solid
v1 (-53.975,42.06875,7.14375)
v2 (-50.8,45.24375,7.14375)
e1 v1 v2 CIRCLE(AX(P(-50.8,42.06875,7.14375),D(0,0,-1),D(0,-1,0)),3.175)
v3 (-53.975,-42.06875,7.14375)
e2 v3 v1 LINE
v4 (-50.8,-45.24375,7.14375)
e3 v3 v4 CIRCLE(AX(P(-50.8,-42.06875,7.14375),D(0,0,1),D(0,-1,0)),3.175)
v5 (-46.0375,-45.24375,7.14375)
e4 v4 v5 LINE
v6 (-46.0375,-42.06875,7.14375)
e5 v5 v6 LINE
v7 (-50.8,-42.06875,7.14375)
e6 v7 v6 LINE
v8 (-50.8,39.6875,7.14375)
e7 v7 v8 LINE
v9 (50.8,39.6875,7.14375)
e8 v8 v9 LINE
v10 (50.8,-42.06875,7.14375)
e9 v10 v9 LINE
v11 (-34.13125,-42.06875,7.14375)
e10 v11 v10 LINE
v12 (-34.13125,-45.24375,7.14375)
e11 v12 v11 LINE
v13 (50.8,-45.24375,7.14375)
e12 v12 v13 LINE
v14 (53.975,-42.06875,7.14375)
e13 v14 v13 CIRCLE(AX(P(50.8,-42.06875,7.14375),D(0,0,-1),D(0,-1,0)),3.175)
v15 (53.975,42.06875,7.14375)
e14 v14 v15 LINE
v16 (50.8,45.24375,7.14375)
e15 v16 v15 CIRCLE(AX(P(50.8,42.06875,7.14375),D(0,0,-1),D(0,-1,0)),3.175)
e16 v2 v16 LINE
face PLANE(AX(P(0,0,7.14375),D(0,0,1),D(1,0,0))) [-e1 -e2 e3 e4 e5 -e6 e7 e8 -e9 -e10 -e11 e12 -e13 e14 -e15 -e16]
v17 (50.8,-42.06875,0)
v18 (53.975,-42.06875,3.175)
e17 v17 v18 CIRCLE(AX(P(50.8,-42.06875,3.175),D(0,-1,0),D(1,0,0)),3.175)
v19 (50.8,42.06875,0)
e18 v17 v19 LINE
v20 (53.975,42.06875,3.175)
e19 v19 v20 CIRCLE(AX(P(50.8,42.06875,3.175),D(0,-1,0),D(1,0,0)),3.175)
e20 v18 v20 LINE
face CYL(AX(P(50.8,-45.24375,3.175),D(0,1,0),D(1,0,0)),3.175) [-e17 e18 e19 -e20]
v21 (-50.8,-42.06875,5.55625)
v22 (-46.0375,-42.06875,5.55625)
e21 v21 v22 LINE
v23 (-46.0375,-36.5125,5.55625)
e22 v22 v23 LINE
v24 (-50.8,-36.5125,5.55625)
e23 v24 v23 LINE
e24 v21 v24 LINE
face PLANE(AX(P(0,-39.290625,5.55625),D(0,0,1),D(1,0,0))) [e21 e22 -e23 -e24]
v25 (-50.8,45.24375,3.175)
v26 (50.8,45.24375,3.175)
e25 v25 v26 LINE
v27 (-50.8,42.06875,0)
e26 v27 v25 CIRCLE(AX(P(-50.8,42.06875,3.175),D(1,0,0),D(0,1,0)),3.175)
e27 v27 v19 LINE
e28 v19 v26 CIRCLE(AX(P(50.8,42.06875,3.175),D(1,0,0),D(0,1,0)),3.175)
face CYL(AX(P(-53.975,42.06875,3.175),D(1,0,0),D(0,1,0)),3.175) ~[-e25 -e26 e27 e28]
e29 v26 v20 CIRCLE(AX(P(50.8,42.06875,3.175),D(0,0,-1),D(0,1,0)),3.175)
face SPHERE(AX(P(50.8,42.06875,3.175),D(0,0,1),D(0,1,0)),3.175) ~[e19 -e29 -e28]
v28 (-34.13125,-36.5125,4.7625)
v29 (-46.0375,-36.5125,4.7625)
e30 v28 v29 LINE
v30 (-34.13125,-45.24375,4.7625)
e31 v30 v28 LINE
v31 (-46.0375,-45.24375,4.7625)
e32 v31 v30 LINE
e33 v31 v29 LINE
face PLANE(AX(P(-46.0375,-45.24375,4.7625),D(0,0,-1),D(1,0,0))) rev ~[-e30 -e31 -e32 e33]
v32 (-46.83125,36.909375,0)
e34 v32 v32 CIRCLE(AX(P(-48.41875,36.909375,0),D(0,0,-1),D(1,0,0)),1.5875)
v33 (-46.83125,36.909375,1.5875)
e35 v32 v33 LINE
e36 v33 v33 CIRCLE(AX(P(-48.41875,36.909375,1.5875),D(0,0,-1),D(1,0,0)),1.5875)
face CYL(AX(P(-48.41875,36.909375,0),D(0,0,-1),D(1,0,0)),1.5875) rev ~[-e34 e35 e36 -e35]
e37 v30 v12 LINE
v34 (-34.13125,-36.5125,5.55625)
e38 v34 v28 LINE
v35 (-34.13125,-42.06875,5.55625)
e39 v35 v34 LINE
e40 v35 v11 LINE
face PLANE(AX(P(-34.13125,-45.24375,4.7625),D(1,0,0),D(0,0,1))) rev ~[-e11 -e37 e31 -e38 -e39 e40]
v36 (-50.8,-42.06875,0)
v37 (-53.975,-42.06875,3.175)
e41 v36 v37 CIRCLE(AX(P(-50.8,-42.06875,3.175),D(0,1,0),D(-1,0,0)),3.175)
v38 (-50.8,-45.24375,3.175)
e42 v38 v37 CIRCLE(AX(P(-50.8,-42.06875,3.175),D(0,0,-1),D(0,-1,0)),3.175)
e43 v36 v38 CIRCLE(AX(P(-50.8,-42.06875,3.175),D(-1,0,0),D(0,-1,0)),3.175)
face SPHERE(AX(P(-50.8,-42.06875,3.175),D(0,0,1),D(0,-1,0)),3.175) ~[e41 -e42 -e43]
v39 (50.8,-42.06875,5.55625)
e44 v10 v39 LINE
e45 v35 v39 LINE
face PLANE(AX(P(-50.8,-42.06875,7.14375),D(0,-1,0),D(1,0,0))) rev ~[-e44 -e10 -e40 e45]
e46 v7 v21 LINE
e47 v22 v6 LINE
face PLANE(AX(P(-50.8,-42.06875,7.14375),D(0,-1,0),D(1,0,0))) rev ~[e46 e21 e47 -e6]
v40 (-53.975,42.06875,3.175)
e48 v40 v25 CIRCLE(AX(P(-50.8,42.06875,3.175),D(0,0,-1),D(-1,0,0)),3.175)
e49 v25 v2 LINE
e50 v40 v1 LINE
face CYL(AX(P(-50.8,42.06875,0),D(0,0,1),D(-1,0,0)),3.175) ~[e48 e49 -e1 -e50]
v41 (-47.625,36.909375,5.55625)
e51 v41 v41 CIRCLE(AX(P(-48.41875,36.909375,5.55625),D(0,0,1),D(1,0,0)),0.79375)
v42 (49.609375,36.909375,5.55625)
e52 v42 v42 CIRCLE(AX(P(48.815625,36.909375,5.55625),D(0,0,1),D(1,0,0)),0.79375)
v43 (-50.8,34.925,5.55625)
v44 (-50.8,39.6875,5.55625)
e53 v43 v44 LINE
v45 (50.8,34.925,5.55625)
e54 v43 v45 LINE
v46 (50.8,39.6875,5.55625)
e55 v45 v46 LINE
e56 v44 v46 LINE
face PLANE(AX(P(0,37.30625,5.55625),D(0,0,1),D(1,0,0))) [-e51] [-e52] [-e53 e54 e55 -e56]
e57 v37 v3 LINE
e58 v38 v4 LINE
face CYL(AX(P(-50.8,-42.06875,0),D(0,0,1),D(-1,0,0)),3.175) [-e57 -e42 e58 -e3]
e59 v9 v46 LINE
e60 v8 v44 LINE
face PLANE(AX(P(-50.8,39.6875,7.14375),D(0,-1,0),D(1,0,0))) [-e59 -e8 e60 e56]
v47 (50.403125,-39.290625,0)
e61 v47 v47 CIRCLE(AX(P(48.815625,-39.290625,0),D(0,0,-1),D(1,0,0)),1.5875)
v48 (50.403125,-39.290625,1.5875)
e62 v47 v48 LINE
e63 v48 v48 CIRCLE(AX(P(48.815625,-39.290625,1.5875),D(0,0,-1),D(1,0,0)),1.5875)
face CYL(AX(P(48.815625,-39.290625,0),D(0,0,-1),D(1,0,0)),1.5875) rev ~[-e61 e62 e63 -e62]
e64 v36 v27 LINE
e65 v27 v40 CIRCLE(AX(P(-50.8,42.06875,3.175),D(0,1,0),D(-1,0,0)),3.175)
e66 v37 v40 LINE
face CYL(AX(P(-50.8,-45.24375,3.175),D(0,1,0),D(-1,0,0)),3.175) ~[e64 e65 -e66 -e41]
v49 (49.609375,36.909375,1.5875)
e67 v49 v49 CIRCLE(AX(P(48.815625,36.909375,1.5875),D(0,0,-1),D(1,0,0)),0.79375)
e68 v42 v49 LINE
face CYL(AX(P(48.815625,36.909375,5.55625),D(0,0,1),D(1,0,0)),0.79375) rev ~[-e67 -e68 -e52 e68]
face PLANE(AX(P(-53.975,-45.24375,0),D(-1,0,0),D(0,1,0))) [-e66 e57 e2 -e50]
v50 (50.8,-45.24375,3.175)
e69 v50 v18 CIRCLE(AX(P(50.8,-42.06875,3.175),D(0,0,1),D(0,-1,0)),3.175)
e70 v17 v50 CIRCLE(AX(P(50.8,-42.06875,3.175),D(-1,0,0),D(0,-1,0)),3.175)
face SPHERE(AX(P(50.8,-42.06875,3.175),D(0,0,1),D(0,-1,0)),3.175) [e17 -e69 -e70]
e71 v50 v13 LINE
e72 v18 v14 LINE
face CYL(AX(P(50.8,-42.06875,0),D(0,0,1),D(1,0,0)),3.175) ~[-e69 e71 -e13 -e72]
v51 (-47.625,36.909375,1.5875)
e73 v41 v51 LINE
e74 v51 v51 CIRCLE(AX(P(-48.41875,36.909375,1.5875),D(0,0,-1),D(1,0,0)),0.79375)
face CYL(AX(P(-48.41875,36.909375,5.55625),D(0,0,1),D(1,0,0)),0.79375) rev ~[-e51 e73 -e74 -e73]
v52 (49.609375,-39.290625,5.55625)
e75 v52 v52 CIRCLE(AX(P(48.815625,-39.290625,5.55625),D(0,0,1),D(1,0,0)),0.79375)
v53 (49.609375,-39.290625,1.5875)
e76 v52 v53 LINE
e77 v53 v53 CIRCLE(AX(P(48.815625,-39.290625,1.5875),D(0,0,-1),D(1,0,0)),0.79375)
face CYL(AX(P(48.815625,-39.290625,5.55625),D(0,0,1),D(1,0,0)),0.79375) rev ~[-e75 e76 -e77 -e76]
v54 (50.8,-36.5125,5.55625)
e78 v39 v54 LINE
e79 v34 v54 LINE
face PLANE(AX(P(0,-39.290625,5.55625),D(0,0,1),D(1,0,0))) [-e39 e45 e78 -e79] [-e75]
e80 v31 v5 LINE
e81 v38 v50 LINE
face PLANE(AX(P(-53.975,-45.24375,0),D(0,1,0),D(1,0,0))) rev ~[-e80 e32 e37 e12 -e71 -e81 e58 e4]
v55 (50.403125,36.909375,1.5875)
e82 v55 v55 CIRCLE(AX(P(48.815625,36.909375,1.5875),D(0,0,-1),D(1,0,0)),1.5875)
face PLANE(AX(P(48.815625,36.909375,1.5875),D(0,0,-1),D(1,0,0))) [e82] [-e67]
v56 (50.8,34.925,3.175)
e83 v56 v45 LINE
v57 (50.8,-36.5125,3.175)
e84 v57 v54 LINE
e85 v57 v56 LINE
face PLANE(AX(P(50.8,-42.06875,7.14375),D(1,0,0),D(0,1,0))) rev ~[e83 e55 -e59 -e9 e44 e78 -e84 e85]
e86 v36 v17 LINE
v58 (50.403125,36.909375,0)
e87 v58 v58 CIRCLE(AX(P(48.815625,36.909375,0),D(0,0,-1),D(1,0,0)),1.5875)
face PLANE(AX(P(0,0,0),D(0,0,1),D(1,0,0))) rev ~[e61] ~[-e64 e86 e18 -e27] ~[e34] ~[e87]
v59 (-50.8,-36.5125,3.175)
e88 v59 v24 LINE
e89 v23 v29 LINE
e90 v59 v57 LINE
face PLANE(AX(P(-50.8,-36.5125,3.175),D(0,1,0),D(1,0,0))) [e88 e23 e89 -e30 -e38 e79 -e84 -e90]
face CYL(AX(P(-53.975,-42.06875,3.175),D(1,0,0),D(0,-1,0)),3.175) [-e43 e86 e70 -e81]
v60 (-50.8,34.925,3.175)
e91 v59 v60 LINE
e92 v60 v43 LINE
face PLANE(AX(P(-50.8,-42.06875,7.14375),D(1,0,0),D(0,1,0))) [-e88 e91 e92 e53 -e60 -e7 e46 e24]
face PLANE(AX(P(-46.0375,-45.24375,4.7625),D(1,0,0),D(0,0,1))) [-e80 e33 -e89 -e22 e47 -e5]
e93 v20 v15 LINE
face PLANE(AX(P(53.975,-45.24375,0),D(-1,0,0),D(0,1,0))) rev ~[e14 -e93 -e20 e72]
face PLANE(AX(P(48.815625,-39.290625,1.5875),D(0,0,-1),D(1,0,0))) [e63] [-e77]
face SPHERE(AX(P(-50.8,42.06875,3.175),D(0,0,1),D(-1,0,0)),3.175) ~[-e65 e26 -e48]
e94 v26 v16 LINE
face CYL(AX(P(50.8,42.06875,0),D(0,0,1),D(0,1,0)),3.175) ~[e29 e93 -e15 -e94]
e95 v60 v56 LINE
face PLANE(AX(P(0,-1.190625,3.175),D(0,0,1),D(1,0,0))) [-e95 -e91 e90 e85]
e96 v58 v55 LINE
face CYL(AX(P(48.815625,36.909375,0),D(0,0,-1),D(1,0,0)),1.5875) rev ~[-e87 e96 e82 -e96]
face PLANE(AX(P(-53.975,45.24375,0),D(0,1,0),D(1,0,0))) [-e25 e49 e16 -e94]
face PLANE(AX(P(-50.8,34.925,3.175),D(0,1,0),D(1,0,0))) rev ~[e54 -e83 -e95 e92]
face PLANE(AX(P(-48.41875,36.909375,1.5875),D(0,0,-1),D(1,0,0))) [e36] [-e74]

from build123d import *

# Parameters (mm, degrees)
F0_W      = 107.95
F0_H      = 90.4875
F1_DEPTH  = 7.14375
F2_W      = 101.6
F2_H      = 81.75625
F3_DEPTH  = 3.96875
F4_W      = 101.6
F4_H      = 4.7625
F4_H_2    = 5.55625
F5_DEPTH  = 2.38125
F6_W      = 11.90625
F6_H      = 2.38125
F7_DEPTH  = 25.4
F8_R      = 0.79375
F9_DEPTH  = 25.4
F10_R     = 3.175
F11_R     = 1.5875
F11_R_2   = 0.79375
F12_DEPTH = 1.5875


with BuildPart() as f1:
    # F0 (on Top) → F1 (new body)
    with BuildSketch(Plane.XY):
        Rectangle(F0_W, F0_H)
    extrude(amount=F1_DEPTH)

    # F2 (on face) → F3 (cut)
    with BuildSketch(Plane.XY.offset(7.14375)):
        with Locations((0, -1.190625)):
            Rectangle(F2_W, F2_H)
    extrude(amount=-F3_DEPTH, mode=Mode.SUBTRACT)

    # F4 (on face) → F5 (join)
    with BuildSketch(Plane.XY.offset(3.175)):
        with Locations((0, 37.30625)):
            Rectangle(F4_W, F4_H)
        with Locations((0, -39.290625)):
            Rectangle(F4_W, F4_H_2)
    extrude(amount=F5_DEPTH)

    # F6 (on face) → F7 (cut)
    with BuildSketch(Plane.XZ.offset(45.24375)):
        with Locations((-40.084375, 5.953125)):
            Rectangle(F6_W, F6_H)
    extrude(amount=-F7_DEPTH, mode=Mode.SUBTRACT)

    # F8 (on face) → F9 (cut)
    with BuildSketch(Plane.XY.offset(5.55625)):
        with Locations((48.815625, 36.909375)):
            Circle(F8_R)
        with Locations((48.815625, -39.290625)):
            Circle(F8_R)
        with Locations((-48.41875, 36.909375)):
            Circle(F8_R)
    extrude(amount=-F9_DEPTH, mode=Mode.SUBTRACT)

    # F10
    f10_edges = [f1.edges().sort_by_distance(p)[0] for p in [
        (53.975, -45.24375, 3.571875),
        (53.975, 45.24375, 3.571875),
        (-53.975, 45.24375, 3.571875),
        (-53.975, -45.24375, 3.571875),
        (0, -45.24375, 0),
        (-53.975, 0, 0),
        (0, 45.24375, 0),
        (53.975, 0, 0),
    ]]
    fillet(f10_edges, radius=F10_R)

    # F11 (on face) → F12 (cut)
    with BuildSketch(Plane(origin=(0, 0, 0), x_dir=(1, 0, 0), z_dir=(0, 0, -1))):
        with Locations((-48.41875, -36.909375)):
            Circle(F11_R)
        with Locations((-48.41875, -36.909375)):
            Circle(F11_R_2, mode=Mode.SUBTRACT)
        with Locations((48.815625, -36.909375)):
            Circle(F11_R)
        with Locations((48.815625, -36.909375)):
            Circle(F11_R_2, mode=Mode.SUBTRACT)
        with Locations((48.815625, 39.290625)):
            Circle(F11_R)
        with Locations((48.815625, 39.290625)):
            Circle(F11_R_2, mode=Mode.SUBTRACT)
    extrude(amount=-F12_DEPTH, mode=Mode.SUBTRACT)


solid = f1.part
